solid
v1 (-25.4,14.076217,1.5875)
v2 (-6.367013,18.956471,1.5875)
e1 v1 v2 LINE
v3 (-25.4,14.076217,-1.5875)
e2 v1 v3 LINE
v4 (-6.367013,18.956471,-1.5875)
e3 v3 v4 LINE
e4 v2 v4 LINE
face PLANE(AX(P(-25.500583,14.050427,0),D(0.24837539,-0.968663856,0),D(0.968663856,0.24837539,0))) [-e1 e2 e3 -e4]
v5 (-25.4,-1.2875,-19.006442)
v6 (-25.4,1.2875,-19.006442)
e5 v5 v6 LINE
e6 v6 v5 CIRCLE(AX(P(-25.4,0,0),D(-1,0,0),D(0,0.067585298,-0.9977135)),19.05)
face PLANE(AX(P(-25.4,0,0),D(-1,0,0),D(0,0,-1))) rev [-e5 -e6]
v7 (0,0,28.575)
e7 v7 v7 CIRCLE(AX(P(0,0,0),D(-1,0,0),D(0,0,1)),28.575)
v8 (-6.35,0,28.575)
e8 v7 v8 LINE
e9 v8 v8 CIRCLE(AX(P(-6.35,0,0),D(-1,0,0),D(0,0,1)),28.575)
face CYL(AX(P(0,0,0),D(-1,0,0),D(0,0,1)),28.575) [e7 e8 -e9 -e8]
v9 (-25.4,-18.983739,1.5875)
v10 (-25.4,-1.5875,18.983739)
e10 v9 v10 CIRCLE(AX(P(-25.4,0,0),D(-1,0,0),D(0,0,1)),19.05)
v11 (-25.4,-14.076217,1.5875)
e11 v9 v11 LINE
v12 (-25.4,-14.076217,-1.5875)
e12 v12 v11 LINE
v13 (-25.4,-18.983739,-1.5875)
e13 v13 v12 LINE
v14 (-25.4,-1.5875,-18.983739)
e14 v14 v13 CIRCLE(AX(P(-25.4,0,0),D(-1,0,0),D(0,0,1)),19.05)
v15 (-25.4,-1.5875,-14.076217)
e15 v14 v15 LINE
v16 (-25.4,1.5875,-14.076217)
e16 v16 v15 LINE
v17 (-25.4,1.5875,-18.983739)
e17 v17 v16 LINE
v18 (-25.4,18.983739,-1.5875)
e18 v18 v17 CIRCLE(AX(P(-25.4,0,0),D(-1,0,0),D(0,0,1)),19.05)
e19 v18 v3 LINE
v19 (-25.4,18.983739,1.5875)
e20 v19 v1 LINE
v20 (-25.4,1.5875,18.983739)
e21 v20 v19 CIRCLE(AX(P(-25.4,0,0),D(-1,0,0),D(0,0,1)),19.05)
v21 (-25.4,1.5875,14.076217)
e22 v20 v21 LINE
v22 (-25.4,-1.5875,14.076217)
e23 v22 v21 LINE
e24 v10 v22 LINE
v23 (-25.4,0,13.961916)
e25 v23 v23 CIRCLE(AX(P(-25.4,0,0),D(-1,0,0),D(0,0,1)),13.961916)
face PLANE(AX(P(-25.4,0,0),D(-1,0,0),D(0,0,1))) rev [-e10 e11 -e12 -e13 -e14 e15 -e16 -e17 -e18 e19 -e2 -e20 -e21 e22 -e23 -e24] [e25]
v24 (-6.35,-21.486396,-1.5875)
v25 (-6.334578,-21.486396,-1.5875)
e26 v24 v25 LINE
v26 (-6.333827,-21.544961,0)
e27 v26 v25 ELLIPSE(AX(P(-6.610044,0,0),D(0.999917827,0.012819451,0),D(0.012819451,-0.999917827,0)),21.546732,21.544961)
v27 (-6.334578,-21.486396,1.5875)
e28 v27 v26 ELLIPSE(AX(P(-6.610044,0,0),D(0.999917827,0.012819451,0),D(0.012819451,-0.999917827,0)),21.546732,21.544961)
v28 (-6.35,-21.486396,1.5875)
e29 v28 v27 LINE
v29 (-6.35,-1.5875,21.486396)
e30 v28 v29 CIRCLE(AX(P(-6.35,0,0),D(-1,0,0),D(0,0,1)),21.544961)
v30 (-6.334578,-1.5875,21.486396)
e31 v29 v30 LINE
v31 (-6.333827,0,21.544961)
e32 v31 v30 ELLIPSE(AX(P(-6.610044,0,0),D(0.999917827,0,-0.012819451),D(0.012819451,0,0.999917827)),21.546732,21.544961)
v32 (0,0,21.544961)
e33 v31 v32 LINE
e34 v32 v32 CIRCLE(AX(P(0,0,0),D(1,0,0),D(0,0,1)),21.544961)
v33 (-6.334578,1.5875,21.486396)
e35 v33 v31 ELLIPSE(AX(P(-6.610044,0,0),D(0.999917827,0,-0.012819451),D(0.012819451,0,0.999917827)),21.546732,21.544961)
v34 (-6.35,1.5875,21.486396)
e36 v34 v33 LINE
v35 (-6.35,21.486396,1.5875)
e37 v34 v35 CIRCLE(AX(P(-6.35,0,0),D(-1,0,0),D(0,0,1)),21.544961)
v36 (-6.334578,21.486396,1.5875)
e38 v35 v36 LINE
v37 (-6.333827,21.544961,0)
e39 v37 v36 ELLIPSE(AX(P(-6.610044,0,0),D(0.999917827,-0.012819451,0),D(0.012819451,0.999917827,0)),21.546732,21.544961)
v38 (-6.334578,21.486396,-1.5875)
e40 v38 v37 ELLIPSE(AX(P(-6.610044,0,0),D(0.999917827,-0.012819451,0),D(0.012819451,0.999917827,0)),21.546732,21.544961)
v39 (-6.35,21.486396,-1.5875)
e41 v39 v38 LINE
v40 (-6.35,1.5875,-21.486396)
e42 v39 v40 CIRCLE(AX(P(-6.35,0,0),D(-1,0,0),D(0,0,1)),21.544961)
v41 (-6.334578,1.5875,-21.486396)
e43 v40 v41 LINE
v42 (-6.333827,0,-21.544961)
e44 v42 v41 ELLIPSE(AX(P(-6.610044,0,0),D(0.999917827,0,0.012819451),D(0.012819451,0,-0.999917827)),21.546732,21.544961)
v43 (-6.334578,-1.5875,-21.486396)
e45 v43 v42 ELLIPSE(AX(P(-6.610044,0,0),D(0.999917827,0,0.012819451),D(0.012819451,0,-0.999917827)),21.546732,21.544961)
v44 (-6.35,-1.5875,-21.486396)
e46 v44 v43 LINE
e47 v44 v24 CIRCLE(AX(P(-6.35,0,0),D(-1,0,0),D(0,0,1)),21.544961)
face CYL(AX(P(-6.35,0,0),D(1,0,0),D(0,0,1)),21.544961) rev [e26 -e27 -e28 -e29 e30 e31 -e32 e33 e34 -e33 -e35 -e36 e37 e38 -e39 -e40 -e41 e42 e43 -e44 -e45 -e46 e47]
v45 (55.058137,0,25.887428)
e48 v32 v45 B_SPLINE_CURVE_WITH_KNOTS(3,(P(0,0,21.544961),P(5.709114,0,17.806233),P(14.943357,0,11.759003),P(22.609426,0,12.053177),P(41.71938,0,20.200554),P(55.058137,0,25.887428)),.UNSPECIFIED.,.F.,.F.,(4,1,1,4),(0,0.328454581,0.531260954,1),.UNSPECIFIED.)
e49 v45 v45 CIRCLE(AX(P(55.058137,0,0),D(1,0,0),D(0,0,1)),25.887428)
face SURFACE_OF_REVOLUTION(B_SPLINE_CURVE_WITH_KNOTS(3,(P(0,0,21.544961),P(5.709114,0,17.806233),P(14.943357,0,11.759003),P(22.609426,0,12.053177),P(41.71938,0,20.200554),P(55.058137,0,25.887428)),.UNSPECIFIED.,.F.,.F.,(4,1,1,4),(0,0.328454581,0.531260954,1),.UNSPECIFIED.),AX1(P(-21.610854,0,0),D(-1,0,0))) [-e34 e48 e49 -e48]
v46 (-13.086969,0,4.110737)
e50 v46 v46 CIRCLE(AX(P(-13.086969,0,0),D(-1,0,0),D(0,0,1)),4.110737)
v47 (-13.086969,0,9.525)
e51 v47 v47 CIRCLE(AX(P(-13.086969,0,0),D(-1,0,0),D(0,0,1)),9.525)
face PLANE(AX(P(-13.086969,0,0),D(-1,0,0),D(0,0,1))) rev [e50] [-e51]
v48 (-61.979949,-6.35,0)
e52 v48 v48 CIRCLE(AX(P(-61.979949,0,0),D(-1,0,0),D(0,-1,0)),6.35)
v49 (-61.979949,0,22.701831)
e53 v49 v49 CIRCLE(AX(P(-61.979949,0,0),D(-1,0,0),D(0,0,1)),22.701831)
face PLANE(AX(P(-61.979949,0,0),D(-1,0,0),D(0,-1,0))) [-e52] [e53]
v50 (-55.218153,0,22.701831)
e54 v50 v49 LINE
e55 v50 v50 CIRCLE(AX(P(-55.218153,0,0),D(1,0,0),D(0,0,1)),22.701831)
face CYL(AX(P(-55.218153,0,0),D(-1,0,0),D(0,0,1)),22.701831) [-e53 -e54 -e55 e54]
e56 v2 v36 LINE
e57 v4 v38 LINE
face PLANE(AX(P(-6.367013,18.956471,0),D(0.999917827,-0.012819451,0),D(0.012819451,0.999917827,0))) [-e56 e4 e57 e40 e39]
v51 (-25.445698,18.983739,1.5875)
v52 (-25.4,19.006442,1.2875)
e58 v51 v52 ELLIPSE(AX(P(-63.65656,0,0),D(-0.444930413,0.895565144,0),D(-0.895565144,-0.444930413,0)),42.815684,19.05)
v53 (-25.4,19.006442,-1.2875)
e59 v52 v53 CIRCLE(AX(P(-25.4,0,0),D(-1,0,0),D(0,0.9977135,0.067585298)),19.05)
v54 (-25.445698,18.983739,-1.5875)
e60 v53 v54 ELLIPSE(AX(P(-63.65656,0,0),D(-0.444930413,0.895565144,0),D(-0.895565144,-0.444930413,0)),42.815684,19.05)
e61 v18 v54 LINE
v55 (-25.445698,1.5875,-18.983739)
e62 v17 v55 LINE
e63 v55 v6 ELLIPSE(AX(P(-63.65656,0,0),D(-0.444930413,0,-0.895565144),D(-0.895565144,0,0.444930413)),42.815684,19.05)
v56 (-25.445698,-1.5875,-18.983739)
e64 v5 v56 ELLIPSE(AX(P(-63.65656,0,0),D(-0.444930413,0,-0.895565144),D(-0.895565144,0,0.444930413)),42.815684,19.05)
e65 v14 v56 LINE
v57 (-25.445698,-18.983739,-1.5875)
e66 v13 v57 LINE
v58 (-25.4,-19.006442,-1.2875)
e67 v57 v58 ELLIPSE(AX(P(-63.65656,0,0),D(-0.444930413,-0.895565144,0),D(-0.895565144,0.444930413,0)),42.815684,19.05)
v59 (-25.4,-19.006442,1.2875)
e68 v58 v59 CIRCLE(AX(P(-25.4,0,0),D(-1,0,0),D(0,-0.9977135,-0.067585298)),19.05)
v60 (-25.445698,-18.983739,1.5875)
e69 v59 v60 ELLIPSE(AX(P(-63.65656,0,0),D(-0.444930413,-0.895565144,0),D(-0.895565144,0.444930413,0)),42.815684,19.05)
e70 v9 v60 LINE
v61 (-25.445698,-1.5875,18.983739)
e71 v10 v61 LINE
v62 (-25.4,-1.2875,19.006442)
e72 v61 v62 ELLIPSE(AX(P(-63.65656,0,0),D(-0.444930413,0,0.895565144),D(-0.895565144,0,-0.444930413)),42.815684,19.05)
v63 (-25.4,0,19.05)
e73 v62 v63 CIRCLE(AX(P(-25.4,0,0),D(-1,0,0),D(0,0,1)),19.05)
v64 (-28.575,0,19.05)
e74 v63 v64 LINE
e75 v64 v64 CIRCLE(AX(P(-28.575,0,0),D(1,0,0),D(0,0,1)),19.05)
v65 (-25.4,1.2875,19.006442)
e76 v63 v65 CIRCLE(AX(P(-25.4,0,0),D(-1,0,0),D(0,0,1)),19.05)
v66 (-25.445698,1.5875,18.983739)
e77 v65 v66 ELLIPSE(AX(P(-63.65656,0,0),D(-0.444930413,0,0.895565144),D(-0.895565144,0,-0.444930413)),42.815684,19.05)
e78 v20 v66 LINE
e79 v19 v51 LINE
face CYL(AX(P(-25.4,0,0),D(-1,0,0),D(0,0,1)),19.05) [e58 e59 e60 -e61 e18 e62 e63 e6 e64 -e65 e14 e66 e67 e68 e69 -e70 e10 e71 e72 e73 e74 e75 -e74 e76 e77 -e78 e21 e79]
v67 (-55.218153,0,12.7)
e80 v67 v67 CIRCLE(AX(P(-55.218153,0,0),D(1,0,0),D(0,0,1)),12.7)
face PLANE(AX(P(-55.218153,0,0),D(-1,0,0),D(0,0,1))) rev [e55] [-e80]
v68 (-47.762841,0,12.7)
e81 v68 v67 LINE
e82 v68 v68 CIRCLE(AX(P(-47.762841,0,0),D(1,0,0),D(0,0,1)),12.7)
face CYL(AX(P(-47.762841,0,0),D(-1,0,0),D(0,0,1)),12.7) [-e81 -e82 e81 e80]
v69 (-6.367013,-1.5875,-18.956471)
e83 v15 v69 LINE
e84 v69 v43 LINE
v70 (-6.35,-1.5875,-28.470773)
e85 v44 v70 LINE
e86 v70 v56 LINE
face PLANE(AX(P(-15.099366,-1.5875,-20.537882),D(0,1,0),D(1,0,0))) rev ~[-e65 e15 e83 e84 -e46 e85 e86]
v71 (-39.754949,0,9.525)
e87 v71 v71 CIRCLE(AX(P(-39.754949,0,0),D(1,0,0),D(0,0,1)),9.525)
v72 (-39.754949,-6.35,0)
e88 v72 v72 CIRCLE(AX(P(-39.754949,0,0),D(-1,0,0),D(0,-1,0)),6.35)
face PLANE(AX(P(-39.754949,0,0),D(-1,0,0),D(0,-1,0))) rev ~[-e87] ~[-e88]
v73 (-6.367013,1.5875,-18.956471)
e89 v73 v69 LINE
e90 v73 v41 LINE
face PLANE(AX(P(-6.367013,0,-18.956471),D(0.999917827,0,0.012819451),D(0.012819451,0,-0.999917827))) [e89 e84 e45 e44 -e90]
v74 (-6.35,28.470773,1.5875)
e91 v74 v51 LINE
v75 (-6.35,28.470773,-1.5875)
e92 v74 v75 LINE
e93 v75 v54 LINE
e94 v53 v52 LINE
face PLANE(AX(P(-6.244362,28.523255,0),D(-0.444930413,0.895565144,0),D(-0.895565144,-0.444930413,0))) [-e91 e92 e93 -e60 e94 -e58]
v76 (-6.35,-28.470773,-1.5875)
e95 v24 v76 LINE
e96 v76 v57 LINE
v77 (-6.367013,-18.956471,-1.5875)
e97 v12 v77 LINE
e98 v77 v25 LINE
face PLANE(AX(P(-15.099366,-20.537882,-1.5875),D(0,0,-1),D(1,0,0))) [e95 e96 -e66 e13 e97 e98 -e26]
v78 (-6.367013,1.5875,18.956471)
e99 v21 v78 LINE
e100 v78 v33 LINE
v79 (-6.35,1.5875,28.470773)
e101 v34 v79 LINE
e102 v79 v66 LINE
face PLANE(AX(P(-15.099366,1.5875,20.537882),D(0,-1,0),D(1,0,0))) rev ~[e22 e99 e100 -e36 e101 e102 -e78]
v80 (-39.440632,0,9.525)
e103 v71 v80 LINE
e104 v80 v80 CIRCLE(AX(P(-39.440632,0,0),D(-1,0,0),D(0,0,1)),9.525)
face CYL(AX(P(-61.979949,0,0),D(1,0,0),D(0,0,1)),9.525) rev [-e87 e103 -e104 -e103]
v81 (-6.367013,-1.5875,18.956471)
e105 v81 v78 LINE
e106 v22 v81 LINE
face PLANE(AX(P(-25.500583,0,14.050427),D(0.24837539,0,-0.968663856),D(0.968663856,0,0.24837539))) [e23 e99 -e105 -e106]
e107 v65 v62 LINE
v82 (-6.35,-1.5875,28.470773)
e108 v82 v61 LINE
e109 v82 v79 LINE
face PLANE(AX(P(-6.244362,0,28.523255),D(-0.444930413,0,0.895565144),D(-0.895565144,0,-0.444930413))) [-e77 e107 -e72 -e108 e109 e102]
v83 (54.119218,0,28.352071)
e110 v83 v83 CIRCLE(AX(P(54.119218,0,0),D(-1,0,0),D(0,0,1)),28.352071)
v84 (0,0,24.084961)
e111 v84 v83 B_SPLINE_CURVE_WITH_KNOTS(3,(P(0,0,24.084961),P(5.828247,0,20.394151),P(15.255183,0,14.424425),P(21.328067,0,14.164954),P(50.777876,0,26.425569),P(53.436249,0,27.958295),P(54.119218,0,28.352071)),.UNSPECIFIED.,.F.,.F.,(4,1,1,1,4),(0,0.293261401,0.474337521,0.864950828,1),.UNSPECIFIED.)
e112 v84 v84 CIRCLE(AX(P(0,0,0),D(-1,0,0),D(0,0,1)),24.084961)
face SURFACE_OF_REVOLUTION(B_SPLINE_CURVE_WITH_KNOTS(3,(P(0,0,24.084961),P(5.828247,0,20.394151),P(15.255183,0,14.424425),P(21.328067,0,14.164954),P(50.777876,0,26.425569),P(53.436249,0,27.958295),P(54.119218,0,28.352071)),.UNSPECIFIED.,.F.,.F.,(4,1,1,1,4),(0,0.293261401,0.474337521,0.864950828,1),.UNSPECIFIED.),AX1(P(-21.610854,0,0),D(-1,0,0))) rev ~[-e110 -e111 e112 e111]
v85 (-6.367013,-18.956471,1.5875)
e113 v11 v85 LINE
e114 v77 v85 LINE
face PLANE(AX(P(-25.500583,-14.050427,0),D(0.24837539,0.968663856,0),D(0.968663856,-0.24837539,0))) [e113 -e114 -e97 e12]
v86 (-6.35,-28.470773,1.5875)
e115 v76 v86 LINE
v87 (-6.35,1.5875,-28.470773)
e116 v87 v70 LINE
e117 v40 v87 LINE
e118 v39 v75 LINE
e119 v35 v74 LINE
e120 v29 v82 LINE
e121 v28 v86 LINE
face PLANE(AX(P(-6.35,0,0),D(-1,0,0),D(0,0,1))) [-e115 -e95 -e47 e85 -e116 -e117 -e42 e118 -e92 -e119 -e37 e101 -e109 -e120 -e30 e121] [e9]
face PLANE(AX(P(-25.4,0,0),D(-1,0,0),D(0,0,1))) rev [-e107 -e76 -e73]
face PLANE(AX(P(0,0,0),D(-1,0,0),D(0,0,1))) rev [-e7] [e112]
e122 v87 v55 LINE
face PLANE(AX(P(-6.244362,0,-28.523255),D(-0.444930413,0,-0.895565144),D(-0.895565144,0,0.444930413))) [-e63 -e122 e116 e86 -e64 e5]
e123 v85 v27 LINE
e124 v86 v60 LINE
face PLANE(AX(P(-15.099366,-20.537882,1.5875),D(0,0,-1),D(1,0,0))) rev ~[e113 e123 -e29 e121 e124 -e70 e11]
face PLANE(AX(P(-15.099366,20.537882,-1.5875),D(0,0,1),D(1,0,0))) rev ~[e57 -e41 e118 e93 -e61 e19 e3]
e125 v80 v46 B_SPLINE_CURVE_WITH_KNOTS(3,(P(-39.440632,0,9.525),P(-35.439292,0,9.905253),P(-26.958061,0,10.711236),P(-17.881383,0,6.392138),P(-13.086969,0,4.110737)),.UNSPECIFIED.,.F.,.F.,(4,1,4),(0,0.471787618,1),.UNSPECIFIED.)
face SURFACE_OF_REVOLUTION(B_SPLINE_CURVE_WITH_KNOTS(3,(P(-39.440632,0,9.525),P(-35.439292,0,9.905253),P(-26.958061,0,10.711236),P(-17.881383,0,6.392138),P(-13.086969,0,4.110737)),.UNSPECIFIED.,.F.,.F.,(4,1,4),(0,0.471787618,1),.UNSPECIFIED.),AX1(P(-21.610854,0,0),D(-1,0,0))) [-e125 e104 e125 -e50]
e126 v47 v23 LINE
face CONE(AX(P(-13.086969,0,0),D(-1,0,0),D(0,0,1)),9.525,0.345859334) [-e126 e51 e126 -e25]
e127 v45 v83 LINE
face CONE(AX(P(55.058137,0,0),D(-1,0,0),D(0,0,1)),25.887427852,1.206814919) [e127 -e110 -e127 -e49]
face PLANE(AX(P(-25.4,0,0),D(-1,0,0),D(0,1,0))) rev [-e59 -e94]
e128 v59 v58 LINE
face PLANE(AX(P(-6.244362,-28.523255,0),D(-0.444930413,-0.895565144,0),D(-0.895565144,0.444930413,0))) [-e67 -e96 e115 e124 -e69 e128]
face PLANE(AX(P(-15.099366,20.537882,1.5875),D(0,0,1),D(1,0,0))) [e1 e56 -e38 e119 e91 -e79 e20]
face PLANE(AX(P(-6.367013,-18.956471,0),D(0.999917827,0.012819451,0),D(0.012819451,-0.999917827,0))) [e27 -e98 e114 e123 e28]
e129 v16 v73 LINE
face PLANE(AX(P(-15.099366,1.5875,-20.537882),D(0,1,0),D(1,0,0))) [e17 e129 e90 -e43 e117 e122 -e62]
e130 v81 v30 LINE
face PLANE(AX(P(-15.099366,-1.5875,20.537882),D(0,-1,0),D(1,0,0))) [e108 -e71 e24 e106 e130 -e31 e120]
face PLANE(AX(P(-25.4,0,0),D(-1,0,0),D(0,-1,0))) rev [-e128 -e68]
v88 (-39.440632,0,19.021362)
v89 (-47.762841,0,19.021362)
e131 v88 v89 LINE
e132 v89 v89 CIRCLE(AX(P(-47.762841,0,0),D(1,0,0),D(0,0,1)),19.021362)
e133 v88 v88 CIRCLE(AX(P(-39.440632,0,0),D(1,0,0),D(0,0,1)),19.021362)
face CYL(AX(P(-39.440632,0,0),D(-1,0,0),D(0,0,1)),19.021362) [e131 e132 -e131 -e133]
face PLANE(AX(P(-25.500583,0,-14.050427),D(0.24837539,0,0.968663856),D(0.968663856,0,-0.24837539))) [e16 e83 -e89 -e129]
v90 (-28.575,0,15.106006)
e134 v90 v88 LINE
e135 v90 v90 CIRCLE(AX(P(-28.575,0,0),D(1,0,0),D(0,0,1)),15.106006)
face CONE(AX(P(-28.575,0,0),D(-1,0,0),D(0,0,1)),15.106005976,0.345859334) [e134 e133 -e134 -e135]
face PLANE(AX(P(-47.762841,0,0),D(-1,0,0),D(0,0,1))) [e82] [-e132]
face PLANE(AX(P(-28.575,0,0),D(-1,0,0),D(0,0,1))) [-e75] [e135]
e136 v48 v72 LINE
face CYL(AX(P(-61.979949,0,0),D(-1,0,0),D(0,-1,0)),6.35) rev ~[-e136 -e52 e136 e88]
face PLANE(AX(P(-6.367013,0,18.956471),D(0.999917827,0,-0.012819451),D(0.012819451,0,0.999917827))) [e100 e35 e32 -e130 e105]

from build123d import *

# Parameters (mm, degrees)
F3_DEPTH = 1.5875
F4_COUNT = 4
F5_R     = 9.525
F5_R_2   = 6.35
F6_DEPTH = 22.225


with BuildPart() as f1:
    # F0 (on Front) → F1 (revolve)
    with BuildSketch(Plane.XZ):
        with BuildLine():
            Line((-6.35, 21.5449612588), (0, 21.5449612588))
            add(Edge.make_bspline(
                [(0, 21.5449612588), (5.7091140074, 17.8062328478), (14.9433568334, 11.7590027587), (22.6094264222, 12.0531771122), (41.7193795404, 20.2005543654), (55.0581365824, 25.8874278516)],
                knots=[0, 0, 0, 0, 0.3284545806, 0.5312609541, 1, 1, 1, 1], degree=3))
            Line((55.0581365824, 25.8874278516), (54.1192181408, 28.3520705998))
            add(Edge.make_bspline(
                [(0, 24.0849612588), (5.828247379, 20.394150502), (15.2551832359, 14.4244251281), (21.3280668754, 14.1649541634), (50.7778755781, 26.425568968), (53.4362491864, 27.9582945111), (54.1192181408, 28.3520705998)],
                knots=[0, 0, 0, 0, 0.2932614007, 0.474337521, 0.8649508284, 1, 1, 1, 1], degree=3))
            Line((0, 24.0849612588), (0, 28.575))
            Line((0, 28.575), (-6.35, 28.575))
            Line((-6.35, 28.575), (-6.35, 21.5449612588))
        make_face()
    revolve(axis=Axis((-21.6108541936, 0, 0), (-1, 0, 0)))



with BuildPart() as f1b:
    # F0 (on Front) → F1, piece 2 (revolve)
    with BuildSketch(Plane.XZ):
        with BuildLine():
            Line((-25.4, 13.961916452), (-25.4, 19.05))
            Line((-25.4, 19.05), (-28.575, 19.05))
            Line((-28.575, 19.05), (-28.575, 15.1060059758))
            Line((-28.575, 15.1060059758), (-39.4406318665, 19.0213620663))
            Line((-39.4406318665, 19.0213620663), (-47.7628409863, 19.0213620663))
            Line((-47.7628409863, 19.0213620663), (-47.7628409863, 12.7))
            Line((-47.7628409863, 12.7), (-55.2181527019, 12.7))
            Line((-55.2181527019, 12.7), (-55.2181527019, 22.7018314168))
            Line((-55.2181527019, 22.7018314168), (-61.9799494743, 22.7018314168))
            Line((-61.9799494743, 22.7018314168), (-61.9799494743, 12.7))
            Line((-61.9799494743, 12.7), (-61.9799494743, 9.525))
            Line((-61.9799494743, 9.525), (-39.4406318665, 9.525))
            add(Edge.make_bspline(
                [(-39.4406318665, 9.525), (-35.4392920306, 9.9052529375), (-26.9580608884, 10.71123623), (-17.8813827929, 6.392138264), (-13.0869690329, 4.1107372381)],
                knots=[0, 0, 0, 0, 0.4717876177, 1, 1, 1, 1], degree=3))
            Line((-13.0869690329, 4.1107372381), (-13.0869690329, 9.525))
            Line((-13.0869690329, 9.525), (-25.4, 13.961916452))
        make_face()
    revolve(axis=Axis((-21.6108541936, 0, 0), (-1, 0, 0)))


with BuildPart() as f1_1:
    add(f1.part)

    add(f1b.part)  # F3 merges F1b
    # F2 (on Front) → F3 (join, symmetric)
    with BuildSketch(Plane.XZ):
        Polygon((-6.2443618663, 28.5232551396), (-25.5005825311, 18.9564712346), (-25.5005825311, 14.0504268929), (-6.3670128584, 18.9564712346), align=None)
    extrude(amount=F3_DEPTH, both=True)

    # F4: F1 ×4 about axis
    f4_axis = Axis((-21.6108541936, 0, 0), (-1, 0, 0))


with BuildPart() as f1_2:
    add(f1_1.part)
    for i in range(1, F4_COUNT):
        add(f1_1.part.rotate(f4_axis, i * 360 / F4_COUNT))

    # F5 (on face) → F6 (join)
    with BuildSketch(Plane(origin=(-61.9799494743, 0, 0), x_dir=(0, -1, 0), z_dir=(-1, 0, 0))):
        Circle(F5_R)
        Circle(F5_R_2, mode=Mode.SUBTRACT)
    extrude(amount=-F6_DEPTH)


solid = f1_2.part
